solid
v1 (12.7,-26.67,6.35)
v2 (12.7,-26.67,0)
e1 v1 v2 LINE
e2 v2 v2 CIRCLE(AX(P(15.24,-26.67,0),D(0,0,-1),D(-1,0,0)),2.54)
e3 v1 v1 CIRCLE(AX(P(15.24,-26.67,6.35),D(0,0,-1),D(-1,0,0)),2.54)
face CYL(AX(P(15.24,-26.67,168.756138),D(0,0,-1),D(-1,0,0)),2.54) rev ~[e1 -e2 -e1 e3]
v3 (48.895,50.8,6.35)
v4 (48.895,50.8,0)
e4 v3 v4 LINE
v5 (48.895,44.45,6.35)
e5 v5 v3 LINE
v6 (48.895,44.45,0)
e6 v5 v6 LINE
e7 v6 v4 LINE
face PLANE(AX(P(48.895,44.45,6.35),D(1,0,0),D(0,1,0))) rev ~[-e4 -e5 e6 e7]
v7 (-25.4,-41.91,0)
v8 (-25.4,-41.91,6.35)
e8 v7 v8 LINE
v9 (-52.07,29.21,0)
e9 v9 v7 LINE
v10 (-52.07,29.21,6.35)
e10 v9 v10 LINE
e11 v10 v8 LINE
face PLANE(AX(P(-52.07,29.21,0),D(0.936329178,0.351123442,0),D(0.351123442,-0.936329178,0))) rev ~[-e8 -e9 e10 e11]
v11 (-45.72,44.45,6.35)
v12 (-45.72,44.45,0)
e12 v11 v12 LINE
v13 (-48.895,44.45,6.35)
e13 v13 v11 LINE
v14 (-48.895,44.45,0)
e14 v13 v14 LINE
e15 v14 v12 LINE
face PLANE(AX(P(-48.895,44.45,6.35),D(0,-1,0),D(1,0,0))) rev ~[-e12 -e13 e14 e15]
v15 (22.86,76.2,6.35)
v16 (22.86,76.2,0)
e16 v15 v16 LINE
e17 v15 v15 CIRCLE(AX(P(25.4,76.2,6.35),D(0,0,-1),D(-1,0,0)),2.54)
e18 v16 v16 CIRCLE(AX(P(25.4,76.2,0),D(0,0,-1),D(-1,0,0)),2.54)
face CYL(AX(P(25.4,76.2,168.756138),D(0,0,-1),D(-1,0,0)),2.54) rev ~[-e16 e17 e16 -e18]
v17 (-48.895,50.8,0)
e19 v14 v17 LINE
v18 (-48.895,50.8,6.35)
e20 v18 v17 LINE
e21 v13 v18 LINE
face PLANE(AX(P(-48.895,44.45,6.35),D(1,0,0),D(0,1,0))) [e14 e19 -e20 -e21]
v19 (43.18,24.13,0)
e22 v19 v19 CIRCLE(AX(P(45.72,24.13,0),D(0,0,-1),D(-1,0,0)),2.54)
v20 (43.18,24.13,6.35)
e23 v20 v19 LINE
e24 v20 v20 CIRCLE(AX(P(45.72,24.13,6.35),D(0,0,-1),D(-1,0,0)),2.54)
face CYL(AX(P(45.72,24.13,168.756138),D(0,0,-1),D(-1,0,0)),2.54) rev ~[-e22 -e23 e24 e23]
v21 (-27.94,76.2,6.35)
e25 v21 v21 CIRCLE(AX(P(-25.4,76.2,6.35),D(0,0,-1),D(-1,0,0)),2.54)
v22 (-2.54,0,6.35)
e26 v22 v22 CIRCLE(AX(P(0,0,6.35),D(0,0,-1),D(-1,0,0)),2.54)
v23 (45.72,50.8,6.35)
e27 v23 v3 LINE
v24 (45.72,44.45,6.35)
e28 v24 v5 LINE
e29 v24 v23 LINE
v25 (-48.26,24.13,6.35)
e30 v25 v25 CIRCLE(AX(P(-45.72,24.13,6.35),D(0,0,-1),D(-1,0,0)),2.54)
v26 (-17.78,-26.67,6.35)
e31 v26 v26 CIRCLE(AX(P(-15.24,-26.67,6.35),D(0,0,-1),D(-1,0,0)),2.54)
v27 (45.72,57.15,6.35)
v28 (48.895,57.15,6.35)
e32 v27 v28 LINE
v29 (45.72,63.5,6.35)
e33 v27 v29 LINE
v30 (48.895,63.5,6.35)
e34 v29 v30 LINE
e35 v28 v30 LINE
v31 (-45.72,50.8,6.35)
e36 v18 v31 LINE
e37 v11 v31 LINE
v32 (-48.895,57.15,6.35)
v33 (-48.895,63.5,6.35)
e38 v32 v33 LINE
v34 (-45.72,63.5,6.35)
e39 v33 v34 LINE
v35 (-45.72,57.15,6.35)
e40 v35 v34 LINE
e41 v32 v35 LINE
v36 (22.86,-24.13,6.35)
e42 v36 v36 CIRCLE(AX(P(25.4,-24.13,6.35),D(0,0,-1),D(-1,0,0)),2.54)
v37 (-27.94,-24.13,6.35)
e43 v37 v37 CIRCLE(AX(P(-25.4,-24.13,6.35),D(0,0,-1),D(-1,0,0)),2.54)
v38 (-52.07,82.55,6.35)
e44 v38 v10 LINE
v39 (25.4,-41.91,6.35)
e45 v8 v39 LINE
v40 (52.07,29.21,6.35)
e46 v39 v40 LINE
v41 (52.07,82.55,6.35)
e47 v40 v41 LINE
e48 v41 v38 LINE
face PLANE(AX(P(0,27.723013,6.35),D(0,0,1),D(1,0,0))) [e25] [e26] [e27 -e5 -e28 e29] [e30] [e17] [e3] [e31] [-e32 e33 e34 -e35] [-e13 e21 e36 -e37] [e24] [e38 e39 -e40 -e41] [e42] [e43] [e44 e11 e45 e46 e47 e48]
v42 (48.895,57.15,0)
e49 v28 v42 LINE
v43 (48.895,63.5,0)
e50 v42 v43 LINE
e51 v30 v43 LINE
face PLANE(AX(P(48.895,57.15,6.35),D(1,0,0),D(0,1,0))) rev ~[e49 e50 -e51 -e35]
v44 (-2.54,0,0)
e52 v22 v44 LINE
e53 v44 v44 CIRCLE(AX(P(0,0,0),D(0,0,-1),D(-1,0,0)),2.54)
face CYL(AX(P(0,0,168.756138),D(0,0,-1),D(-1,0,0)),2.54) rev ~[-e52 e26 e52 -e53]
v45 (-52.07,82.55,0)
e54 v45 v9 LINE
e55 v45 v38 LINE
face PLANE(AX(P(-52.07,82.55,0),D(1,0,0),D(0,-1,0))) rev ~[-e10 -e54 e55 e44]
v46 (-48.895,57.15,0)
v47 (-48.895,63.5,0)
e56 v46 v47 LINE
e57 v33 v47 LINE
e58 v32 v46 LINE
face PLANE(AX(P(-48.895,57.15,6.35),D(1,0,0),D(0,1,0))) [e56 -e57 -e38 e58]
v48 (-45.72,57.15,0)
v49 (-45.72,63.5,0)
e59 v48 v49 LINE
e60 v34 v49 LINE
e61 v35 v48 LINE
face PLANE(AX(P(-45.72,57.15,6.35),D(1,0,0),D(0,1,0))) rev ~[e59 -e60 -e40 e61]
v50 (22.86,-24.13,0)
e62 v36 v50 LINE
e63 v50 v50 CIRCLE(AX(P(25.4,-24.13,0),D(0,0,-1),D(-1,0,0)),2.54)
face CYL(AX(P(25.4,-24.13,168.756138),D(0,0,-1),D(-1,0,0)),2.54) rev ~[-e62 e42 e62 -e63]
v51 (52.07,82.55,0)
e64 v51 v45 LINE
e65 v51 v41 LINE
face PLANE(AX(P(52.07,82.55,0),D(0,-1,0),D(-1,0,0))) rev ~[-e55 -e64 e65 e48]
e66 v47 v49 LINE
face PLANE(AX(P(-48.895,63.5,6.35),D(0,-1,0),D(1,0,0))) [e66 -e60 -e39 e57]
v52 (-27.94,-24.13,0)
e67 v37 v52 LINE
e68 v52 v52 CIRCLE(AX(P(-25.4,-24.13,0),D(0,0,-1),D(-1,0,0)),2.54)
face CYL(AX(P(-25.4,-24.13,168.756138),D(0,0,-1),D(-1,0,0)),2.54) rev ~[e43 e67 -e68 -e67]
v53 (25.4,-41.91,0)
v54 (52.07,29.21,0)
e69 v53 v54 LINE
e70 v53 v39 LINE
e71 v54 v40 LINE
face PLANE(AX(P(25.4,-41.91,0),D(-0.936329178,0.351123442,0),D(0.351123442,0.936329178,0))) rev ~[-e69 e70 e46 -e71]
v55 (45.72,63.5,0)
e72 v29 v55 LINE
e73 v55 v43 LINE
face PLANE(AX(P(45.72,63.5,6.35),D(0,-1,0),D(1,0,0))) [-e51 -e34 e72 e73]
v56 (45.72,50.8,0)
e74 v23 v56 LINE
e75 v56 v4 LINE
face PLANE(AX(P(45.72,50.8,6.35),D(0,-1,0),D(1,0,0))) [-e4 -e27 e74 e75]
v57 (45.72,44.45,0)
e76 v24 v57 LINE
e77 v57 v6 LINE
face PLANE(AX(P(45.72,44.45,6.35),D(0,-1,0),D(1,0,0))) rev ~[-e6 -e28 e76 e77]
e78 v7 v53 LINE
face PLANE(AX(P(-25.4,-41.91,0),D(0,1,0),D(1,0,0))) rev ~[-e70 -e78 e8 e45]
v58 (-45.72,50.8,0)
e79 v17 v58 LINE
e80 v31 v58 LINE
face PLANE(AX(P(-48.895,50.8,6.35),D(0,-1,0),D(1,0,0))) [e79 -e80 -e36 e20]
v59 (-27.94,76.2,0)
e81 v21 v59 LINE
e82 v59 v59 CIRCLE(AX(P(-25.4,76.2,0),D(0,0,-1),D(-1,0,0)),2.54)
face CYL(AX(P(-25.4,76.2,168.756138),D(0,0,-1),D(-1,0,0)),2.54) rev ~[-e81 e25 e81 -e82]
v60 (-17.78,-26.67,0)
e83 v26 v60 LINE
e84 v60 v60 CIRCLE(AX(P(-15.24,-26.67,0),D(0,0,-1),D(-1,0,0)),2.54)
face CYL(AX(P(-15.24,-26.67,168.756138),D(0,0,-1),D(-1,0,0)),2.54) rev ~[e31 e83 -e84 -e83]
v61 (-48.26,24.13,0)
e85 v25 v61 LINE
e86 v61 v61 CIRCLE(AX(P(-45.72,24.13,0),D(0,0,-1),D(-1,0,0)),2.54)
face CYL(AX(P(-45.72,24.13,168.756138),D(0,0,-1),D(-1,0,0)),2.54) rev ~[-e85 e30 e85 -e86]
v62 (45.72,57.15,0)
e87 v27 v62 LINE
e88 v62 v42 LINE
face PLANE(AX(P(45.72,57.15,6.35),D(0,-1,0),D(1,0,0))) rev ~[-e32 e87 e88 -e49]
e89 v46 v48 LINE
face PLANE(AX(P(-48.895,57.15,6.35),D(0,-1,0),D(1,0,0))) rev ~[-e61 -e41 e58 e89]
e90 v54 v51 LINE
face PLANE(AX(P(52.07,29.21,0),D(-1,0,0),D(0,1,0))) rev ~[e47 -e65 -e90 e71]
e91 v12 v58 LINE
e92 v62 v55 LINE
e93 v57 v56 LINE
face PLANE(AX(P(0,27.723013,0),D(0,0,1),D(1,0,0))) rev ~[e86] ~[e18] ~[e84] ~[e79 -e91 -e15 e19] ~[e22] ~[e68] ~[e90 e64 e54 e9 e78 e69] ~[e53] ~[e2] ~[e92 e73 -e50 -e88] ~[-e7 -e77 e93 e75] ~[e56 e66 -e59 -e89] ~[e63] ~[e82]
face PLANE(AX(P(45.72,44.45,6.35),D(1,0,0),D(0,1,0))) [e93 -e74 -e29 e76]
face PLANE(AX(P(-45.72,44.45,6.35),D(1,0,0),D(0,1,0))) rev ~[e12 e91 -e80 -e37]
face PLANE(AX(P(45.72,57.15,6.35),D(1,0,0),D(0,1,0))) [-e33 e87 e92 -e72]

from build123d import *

# Parameters (mm, degrees)
F1_DEPTH = 6.35
F3_D     = 5.08
F4_W     = 3.175
F4_H     = 6.35
F5_DEPTH = 25.4


with BuildPart() as f1:
    # F0 (on Top) → F1 (new body)
    with BuildSketch(Plane.XY):
        Polygon((52.07, 29.21), (52.07, 82.55), (-52.07, 82.55), (-52.07, 29.21), (-25.4, -41.91), (0, -41.91), (25.4, -41.91), align=None)
    extrude(amount=F1_DEPTH)

    # F3 (through all)
    with Locations(Plane.XY.offset(6.35)):
        with Locations((-15.24, -26.67), (15.24, -26.67), (0, 0), (-45.72, 24.13), (-25.4, -24.13), (25.4, -24.13), (45.72, 24.13), (25.4, 76.2), (-25.4, 76.2)):
            Hole(F3_D / 2)

    # F4 (on face) → F5 (cut)
    with BuildSketch(Plane.XY.offset(6.35)):
        with Locations((-47.3075, 60.325)):
            Rectangle(F4_W, F4_H)
        with Locations((47.3075, 60.325)):
            Rectangle(F4_W, F4_H)
        with Locations((-47.3075, 47.625)):
            Rectangle(F4_W, F4_H)
        with Locations((47.3075, 47.625)):
            Rectangle(F4_W, F4_H)
    extrude(amount=-F5_DEPTH, mode=Mode.SUBTRACT)


solid = f1.part
